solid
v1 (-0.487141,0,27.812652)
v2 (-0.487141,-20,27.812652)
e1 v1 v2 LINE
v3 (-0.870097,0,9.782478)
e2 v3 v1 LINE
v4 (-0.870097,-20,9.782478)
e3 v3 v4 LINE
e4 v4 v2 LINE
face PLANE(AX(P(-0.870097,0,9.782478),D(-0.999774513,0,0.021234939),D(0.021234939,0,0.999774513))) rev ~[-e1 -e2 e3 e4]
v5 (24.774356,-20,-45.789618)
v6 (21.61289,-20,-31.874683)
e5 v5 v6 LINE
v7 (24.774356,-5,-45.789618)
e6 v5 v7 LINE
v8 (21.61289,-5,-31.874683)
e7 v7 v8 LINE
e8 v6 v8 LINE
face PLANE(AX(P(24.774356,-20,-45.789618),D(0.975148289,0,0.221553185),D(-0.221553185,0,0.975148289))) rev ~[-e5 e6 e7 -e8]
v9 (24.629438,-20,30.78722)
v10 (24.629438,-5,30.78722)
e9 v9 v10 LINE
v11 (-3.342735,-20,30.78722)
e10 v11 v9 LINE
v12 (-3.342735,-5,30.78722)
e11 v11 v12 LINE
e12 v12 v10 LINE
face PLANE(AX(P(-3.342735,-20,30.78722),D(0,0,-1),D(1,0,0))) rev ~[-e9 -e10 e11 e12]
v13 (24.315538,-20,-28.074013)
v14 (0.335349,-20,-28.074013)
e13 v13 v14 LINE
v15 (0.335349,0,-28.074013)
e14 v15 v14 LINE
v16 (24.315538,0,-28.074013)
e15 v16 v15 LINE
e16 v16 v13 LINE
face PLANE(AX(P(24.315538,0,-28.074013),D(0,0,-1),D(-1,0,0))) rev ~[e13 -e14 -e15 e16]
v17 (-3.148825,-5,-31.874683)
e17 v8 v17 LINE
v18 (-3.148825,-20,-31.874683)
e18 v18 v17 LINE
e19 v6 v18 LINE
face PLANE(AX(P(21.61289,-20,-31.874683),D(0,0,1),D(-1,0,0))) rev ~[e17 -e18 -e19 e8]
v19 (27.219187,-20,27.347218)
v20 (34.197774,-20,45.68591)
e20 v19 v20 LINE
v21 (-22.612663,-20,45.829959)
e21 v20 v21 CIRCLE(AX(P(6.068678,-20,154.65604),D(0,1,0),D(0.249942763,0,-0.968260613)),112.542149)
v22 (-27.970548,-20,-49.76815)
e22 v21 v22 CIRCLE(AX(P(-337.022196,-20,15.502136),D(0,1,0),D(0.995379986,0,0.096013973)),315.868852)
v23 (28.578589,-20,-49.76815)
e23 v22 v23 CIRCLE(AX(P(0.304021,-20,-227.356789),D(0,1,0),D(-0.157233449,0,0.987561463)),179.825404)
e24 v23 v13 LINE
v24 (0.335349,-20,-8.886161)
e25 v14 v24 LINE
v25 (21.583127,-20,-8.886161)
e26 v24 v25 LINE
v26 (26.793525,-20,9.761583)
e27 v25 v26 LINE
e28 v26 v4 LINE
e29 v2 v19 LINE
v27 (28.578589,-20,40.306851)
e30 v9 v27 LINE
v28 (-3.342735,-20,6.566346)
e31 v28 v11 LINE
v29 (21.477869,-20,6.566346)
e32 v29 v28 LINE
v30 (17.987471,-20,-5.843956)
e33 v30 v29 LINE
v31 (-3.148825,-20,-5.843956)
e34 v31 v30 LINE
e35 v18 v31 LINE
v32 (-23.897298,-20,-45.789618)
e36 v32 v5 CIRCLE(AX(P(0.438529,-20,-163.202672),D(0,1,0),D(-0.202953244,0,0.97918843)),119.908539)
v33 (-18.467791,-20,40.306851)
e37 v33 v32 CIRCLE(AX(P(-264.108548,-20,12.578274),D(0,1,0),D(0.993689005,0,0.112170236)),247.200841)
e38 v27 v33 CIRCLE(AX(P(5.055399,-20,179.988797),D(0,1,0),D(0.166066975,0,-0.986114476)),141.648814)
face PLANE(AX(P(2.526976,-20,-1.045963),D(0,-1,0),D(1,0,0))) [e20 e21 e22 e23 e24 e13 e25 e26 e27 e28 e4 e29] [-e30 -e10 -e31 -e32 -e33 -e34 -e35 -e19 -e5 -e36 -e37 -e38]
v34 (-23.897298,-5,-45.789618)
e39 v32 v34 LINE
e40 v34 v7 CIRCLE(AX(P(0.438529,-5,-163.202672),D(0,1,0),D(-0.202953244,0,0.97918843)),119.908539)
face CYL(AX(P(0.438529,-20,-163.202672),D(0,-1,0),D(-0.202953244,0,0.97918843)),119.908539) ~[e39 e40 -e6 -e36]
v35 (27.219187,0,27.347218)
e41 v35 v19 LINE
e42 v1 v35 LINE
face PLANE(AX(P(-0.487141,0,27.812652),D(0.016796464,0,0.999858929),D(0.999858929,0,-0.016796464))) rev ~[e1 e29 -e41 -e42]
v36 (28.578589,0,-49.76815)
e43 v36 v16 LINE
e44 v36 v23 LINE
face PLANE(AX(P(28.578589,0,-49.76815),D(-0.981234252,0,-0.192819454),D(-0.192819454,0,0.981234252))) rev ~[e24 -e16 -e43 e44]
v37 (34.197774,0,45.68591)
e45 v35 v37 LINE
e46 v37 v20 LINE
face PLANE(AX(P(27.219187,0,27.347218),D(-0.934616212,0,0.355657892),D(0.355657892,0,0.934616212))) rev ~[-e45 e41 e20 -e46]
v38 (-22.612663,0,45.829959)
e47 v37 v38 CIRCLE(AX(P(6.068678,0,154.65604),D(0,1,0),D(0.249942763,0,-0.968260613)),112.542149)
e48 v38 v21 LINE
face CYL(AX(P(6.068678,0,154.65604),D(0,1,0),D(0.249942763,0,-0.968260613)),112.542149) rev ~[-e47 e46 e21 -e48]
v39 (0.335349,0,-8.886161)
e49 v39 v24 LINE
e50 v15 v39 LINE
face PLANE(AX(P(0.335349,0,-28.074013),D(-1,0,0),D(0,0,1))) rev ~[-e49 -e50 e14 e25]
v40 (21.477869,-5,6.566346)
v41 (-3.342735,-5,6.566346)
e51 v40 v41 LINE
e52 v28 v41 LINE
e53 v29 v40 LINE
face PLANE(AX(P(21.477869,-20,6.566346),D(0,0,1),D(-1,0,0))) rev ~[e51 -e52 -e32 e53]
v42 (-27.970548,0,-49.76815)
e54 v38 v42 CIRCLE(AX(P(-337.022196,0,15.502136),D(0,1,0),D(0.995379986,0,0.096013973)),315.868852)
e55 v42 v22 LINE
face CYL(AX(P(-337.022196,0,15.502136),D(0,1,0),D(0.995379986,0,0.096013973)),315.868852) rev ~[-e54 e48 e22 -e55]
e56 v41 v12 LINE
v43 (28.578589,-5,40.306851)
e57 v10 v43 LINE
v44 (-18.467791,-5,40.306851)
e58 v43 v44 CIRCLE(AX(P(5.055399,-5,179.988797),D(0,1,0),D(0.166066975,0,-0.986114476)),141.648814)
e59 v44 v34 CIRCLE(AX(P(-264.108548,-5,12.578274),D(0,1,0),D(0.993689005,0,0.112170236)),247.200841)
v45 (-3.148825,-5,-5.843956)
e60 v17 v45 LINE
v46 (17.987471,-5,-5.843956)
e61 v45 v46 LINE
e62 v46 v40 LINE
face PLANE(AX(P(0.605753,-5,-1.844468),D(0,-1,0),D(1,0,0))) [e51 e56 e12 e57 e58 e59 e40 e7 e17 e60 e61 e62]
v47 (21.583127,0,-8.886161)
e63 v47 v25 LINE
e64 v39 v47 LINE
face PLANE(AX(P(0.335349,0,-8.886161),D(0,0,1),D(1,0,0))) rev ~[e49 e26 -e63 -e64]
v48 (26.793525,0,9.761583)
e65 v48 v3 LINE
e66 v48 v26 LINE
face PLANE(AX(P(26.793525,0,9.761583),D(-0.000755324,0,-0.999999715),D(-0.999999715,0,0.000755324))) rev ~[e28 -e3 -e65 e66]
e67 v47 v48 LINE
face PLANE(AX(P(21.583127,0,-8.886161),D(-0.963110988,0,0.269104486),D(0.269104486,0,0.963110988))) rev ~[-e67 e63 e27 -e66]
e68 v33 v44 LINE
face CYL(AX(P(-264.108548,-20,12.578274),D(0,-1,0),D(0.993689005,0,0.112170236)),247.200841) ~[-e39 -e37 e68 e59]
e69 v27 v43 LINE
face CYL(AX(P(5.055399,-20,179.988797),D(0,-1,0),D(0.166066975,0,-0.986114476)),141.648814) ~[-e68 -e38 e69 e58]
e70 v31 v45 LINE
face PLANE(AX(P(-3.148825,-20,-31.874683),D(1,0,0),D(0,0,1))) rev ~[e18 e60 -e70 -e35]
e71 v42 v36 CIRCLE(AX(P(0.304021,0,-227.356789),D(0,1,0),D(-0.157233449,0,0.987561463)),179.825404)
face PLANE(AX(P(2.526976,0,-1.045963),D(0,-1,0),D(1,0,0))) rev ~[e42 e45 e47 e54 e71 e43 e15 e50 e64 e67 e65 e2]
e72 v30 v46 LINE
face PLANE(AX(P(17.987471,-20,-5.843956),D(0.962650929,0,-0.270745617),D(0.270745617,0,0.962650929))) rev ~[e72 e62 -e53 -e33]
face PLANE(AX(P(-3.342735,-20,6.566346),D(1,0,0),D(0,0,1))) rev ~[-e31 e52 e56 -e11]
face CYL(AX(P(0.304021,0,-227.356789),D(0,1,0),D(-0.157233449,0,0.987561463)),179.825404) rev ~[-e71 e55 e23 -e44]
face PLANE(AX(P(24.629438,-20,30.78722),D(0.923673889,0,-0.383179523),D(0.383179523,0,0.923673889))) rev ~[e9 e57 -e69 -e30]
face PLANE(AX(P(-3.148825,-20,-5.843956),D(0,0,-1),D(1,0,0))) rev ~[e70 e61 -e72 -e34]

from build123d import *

# Parameters (mm, degrees)
F1_DEPTH = 20
F3_DEPTH = 15


with BuildPart() as f1:
    # F0 (on Front) → F1 (new body)
    with BuildSketch(Plane.XZ):
        with BuildLine():
            ThreePointArc((-22.612663, 45.829959), (-21.648274, -2.173289), (-27.970548, -49.76815))
            ThreePointArc((-27.970548, -49.76815), (0.30402, -47.531385), (28.578589, -49.76815))
            Line((28.578589, -49.76815), (24.315538, -28.074013))
            Line((24.315538, -28.074013), (0.335349, -28.074013))
            Line((0.335349, -28.074013), (0.335349, -8.886161))
            Line((0.335349, -8.886161), (21.583127, -8.886161))
            Line((21.583127, -8.886161), (26.793525, 9.761583))
            Line((26.793525, 9.761583), (-0.870097, 9.782478))
            Line((-0.870097, 9.782478), (-0.487141, 27.812652))
            Line((-0.487141, 27.812652), (27.219187, 27.347218))
            Line((27.219187, 27.347218), (34.197774, 45.68591))
            ThreePointArc((34.197774, 45.68591), (5.783316, 42.114253), (-22.612663, 45.829959))
        make_face()
    extrude(amount=F1_DEPTH)

    # F2 (on face) → F3 (cut)
    with BuildSketch(Plane.XZ.offset(20)):
        with BuildLine():
            ThreePointArc((-18.467791, 40.306851), (-17.397799, -2.980061), (-23.897298, -45.789618))
            ThreePointArc((-23.897298, -45.789618), (0.438529, -43.294133), (24.774356, -45.789618))
            Line((24.774356, -45.789618), (21.61289, -31.874683))
            Line((21.61289, -31.874683), (-3.148825, -31.874683))
            Line((-3.148825, -31.874683), (-3.148825, -5.843956))
            Line((-3.148825, -5.843956), (17.987471, -5.843956))
            Line((17.987471, -5.843956), (21.477869, 6.566346))
            Line((21.477869, 6.566346), (-3.342735, 6.566346))
            Line((-3.342735, 6.566346), (-3.342735, 30.78722))
            Line((-3.342735, 30.78722), (24.629438, 30.78722))
            Line((24.629438, 30.78722), (28.578589, 40.306851))
            ThreePointArc((28.578589, 40.306851), (5.055399, 38.339983), (-18.467791, 40.306851))
        make_face()
    extrude(amount=-F3_DEPTH, mode=Mode.SUBTRACT)


solid = f1.part
